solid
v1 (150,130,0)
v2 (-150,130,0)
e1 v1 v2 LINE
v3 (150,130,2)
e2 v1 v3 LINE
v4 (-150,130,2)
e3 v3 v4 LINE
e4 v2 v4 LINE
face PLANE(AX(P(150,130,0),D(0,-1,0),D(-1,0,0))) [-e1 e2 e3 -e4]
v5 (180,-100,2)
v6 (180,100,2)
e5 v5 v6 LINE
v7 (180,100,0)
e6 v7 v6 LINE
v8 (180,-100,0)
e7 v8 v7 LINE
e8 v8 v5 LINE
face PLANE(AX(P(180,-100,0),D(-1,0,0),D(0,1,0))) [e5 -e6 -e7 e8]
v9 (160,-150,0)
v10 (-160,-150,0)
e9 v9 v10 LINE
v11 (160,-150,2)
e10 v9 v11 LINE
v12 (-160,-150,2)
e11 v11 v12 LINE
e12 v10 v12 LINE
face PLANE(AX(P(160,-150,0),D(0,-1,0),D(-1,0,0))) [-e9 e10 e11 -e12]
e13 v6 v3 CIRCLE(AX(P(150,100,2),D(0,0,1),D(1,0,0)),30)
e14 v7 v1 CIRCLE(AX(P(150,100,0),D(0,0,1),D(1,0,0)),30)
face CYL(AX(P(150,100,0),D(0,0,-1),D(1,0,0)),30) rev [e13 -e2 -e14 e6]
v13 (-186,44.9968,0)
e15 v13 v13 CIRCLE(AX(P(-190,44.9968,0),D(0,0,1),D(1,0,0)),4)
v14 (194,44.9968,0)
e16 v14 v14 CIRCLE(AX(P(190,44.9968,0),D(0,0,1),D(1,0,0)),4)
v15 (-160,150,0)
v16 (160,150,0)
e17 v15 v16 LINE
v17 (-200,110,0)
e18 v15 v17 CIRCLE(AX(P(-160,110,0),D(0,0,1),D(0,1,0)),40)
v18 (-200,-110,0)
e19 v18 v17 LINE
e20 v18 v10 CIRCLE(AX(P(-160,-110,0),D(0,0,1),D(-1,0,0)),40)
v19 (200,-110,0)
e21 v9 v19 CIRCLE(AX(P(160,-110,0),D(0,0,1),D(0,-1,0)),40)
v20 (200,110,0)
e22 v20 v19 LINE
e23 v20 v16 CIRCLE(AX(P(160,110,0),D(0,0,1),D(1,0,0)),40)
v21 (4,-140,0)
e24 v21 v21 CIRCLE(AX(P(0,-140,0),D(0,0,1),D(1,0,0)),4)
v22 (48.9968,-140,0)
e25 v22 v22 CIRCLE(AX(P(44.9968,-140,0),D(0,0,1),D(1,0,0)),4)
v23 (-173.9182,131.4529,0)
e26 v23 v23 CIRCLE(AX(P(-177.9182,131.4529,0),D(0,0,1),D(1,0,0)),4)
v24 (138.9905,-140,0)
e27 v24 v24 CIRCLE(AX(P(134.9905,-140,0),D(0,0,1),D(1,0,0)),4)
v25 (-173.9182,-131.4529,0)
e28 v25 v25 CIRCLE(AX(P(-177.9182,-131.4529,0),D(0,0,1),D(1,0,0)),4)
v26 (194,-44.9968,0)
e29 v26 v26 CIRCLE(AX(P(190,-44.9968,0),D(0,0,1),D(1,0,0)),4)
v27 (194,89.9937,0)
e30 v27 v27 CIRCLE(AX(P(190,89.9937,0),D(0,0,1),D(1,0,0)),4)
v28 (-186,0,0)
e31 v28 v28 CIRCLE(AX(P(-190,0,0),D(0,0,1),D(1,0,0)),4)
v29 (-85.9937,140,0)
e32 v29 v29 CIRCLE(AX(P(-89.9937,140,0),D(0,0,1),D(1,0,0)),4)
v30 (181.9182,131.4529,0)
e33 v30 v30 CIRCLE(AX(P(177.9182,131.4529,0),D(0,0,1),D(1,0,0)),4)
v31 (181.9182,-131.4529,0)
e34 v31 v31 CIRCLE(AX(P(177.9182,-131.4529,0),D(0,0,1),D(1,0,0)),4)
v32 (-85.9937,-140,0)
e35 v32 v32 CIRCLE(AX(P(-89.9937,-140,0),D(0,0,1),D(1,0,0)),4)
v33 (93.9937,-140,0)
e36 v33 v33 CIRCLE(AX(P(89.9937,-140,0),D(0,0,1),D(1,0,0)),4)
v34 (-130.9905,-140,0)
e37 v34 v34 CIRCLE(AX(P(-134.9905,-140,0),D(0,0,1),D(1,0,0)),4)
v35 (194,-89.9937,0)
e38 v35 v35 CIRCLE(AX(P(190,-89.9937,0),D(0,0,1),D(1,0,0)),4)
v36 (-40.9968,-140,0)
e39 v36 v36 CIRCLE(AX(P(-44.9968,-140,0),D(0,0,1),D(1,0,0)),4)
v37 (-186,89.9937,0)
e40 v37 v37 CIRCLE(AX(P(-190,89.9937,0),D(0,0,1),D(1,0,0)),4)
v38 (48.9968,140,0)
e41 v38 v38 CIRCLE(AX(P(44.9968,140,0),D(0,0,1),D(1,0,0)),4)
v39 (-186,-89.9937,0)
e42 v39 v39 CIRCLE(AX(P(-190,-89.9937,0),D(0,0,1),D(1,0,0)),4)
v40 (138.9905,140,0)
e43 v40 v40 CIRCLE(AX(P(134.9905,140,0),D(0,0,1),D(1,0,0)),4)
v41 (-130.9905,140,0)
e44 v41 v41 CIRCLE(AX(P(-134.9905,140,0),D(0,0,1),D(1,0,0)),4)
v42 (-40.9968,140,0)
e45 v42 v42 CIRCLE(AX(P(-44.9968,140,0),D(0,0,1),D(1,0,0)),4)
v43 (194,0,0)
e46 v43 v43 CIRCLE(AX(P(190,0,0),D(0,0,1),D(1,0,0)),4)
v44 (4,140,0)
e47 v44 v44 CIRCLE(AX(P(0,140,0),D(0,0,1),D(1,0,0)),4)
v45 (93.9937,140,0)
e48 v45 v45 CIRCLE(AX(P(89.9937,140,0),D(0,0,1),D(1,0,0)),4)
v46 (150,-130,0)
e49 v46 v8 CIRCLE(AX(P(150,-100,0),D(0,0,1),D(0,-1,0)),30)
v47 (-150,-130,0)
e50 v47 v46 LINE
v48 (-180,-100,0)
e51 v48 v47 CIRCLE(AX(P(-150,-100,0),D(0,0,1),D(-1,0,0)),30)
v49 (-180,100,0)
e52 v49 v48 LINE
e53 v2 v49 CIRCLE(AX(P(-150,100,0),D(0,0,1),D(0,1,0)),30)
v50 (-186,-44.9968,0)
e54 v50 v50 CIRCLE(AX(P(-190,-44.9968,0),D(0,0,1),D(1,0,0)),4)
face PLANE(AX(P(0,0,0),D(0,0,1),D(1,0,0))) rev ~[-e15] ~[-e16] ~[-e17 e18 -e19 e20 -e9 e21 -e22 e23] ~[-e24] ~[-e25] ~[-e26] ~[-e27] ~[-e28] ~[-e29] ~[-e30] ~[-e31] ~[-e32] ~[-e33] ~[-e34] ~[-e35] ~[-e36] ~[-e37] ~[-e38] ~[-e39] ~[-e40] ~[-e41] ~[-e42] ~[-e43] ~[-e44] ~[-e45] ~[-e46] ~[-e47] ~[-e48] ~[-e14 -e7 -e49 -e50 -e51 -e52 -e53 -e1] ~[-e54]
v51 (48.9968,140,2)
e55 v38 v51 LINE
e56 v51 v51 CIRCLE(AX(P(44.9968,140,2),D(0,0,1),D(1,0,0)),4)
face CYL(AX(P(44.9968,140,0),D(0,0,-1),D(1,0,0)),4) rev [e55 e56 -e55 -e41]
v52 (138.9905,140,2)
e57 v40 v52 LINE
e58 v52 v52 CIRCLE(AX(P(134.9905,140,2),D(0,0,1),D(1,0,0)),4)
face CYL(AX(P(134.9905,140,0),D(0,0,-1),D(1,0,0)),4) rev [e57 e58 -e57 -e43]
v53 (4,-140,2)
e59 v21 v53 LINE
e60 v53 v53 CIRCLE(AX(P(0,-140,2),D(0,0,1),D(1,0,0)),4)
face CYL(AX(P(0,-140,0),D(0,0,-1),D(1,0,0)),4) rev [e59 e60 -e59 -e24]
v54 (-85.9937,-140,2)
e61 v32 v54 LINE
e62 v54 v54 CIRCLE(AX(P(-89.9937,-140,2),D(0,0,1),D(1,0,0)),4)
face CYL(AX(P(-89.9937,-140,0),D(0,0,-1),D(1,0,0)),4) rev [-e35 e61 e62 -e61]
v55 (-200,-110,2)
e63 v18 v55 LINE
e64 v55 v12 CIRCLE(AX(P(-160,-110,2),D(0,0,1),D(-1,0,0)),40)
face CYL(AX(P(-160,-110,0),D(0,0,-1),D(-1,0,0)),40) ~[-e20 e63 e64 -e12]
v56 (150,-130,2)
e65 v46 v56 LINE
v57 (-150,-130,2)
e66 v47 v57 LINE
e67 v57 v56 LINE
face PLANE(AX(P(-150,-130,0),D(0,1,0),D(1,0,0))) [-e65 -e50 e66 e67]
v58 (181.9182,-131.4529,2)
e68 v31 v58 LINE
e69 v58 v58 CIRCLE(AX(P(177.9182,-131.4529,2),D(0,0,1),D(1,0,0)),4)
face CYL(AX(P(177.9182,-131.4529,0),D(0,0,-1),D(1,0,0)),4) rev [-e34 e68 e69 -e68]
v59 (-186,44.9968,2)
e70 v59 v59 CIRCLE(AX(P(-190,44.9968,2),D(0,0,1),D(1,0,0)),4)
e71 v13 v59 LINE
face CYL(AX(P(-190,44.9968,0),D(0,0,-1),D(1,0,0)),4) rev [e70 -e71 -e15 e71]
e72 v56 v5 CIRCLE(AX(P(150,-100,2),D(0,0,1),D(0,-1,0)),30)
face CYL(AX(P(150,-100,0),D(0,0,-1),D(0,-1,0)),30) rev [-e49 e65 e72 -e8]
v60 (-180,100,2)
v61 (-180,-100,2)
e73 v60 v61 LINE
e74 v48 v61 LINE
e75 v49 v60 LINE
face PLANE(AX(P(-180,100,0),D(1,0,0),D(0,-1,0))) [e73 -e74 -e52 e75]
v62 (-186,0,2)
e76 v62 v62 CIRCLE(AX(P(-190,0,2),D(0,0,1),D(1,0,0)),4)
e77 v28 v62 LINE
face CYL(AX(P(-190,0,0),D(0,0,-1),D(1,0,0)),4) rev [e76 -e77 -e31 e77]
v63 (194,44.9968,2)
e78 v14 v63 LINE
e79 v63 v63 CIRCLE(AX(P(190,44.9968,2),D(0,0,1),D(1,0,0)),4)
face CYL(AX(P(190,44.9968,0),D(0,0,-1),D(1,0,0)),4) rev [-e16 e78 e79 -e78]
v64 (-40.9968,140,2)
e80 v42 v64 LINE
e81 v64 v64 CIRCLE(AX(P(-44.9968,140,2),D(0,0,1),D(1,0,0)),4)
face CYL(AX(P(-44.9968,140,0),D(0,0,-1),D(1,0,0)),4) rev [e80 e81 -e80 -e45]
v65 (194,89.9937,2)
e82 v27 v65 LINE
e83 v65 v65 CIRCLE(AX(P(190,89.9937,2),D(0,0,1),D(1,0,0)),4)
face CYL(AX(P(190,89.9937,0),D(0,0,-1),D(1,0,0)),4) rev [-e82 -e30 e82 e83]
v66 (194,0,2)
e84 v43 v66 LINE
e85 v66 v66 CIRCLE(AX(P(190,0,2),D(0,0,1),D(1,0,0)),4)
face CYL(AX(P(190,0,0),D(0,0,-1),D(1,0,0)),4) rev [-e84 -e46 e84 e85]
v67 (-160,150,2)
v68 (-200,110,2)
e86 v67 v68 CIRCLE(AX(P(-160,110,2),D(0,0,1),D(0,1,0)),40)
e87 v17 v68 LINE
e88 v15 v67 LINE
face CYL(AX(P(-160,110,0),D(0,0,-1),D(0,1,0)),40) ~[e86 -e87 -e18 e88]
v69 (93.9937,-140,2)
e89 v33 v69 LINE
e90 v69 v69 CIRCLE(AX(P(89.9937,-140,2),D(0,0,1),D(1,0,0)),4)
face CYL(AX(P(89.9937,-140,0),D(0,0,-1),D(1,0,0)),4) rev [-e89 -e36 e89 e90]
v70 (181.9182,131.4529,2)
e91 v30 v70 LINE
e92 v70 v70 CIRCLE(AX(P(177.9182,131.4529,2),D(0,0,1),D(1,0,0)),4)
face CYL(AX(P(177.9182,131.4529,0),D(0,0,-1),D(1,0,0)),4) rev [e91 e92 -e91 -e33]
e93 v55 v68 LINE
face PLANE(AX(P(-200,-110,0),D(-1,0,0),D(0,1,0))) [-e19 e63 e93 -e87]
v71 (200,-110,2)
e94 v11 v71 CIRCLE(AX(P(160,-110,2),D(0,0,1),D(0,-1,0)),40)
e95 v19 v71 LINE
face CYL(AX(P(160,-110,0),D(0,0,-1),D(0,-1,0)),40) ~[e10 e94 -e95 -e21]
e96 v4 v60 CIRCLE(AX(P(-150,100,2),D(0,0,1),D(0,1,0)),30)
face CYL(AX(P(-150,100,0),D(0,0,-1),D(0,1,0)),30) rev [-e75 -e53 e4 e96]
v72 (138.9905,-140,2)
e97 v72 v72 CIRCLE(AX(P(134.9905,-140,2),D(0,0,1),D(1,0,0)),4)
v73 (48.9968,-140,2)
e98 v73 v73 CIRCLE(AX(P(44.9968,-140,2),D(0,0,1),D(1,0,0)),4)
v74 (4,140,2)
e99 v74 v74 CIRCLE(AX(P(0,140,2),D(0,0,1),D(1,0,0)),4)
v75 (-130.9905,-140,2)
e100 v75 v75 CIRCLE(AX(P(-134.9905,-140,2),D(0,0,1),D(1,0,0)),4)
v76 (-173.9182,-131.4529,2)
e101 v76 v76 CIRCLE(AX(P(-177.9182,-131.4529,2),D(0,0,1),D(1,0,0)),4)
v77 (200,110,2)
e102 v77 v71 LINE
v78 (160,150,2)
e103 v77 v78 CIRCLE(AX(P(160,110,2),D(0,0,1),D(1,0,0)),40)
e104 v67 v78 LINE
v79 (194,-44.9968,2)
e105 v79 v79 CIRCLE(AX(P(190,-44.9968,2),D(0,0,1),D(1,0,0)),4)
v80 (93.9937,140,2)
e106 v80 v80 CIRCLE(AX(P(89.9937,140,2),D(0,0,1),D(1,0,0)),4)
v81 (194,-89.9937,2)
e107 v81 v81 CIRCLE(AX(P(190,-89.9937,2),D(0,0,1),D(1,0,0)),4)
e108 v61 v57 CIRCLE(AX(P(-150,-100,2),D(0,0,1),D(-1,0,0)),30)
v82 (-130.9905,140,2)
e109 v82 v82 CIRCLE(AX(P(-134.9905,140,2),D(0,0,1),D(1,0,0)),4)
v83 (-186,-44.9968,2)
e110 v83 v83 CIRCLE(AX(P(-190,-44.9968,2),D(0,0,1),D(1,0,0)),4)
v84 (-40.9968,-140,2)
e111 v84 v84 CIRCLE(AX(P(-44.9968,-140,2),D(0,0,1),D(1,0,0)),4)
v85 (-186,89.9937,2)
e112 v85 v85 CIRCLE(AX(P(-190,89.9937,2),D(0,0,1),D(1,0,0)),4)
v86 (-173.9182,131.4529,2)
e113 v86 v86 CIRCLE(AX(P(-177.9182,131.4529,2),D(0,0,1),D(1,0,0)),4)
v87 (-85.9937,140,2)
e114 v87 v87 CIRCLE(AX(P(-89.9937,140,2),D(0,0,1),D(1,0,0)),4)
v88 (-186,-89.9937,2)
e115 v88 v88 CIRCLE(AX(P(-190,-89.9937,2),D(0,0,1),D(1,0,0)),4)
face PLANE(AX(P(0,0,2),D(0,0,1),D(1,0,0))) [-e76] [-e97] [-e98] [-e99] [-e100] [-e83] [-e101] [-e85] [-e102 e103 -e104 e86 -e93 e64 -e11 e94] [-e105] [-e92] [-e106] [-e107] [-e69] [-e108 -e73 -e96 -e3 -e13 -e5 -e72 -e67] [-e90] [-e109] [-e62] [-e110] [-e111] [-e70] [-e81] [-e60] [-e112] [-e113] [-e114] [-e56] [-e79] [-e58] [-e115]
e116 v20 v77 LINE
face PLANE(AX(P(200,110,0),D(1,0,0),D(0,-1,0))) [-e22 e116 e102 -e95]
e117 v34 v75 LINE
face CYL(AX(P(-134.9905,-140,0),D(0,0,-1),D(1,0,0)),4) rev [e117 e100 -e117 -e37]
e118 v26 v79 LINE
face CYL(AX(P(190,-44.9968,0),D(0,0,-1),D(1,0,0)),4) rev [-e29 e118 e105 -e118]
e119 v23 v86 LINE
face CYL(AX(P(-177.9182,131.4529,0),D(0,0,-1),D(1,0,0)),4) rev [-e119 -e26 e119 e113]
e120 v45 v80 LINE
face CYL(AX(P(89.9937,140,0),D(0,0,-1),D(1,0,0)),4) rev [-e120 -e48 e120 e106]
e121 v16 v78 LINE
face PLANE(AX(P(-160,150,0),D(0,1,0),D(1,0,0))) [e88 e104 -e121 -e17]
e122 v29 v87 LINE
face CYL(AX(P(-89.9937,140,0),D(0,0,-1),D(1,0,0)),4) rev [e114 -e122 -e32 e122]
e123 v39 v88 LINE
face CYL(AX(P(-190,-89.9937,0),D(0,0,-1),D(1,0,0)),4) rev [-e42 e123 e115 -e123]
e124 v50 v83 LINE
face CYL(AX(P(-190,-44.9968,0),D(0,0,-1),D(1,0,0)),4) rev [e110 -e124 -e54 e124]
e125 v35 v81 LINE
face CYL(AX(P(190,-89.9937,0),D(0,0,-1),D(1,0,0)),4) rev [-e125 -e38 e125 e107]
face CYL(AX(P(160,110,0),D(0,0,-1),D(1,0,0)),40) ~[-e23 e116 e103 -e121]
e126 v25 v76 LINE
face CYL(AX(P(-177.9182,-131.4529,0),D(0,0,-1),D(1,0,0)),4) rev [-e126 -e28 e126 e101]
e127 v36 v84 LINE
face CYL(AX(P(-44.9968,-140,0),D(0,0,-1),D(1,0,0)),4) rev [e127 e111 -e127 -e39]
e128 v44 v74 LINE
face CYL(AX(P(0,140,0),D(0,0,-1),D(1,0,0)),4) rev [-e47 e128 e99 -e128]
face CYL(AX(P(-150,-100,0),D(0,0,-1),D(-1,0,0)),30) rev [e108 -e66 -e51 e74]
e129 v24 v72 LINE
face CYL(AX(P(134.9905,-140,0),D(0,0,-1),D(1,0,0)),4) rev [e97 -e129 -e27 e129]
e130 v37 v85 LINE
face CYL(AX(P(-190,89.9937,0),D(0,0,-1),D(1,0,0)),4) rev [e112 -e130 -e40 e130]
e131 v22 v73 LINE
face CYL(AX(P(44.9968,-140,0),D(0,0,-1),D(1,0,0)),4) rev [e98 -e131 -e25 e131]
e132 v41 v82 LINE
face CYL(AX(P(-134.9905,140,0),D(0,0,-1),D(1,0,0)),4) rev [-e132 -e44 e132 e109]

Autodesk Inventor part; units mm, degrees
ref_plane "YZ Plane" through (0, 0, 0) normal (1, 0, 0) x (0, 1, 0)
ref_plane "XZ Plane" through (0, 0, 0) normal (0, 1, 0) x (-1, 0, 0)
ref_plane "XY Plane" through (0, 0, 0) normal (0, 0, 1) x (1, 0, 0)
ref_plane "РабПлоскость1" through (0, 0, 0) normal (0, 0, 1) x (1, 0, 0)
sketch "Эскиз1" plane through (0, 0, 0) normal (0, 0, 1) x (1, 0, 0)
  circle A0 centre (190, 44.9968) radius 4 projected
  circle A1 centre (190, 89.9937) radius 4 projected
  circle A2 centre (177.9182, 131.4529) radius 4 projected
  circle A3 centre (134.9905, 140) radius 4 projected
  circle A4 centre (89.9937, 140) radius 4 projected
  circle A5 centre (44.9968, 140) radius 4 projected
  circle A6 centre (0, 140) radius 4 projected
  circle A7 centre (-44.9968, 140) radius 4 projected
  circle A8 centre (-89.9937, 140) radius 4 projected
  circle A9 centre (-134.9905, 140) radius 4 projected
  circle A10 centre (-177.9182, 131.4529) radius 4 projected
  circle A11 centre (-190, 89.9937) radius 4 projected
  circle A12 centre (-190, 44.9968) radius 4 projected
  circle A13 centre (-190, 0) radius 4 projected
  circle A14 centre (-190, -44.9968) radius 4 projected
  circle A15 centre (-190, -89.9937) radius 4 projected
  circle A16 centre (-177.9182, -131.4529) radius 4 projected
  circle A17 centre (-134.9905, -140) radius 4 projected
  circle A18 centre (-89.9937, -140) radius 4 projected
  circle A19 centre (-44.9968, -140) radius 4 projected
  circle A20 centre (0, -140) radius 4 projected
  circle A21 centre (44.9968, -140) radius 4 projected
  circle A22 centre (89.9937, -140) radius 4 projected
  circle A23 centre (134.9905, -140) radius 4 projected
  circle A24 centre (177.9182, -131.4529) radius 4 projected
  circle A25 centre (190, -89.9937) radius 4 projected
  circle A26 centre (190, -44.9968) radius 4 projected
  circle A27 centre (190, 0) radius 4 projected
  line L0 (-200, -110) -> (-200, 110) projected
  arc A28 (-200, -110) -> (-160, -150) centre (-160, -110) ccw projected
  line L1 (160, -150) -> (-160, -150) projected
  arc A29 (160, -150) -> (200, -110) centre (160, -110) ccw projected
  line L2 (200, 110) -> (200, -110) projected
  arc A30 (200, 110) -> (160, 150) centre (160, 110) ccw projected
  line L3 (-160, 150) -> (160, 150) projected
  arc A31 (-160, 150) -> (-200, 110) centre (-160, 110) ccw projected
  line L4 (-150, -130) -> (150, -130) projected
  arc A32 (-180, -100) -> (-150, -130) centre (-150, -100) ccw projected
  line L5 (-180, 100) -> (-180, -100) projected
  arc A33 (-150, 130) -> (-180, 100) centre (-150, 100) ccw projected
  line L6 (150, 130) -> (-150, 130) projected
  arc A34 (180, 100) -> (150, 130) centre (150, 100) ccw projected
  line L7 (180, -100) -> (180, 100) projected
  arc A35 (150, -130) -> (180, -100) centre (150, -100) ccw projected
  point P0 (0, 0)
extrude "Выдавливание1" add sketch "Эскиз1" along normal blind 2
properties part number "Прокладка крышки фонаря 1" material "Алюминий 6061"
